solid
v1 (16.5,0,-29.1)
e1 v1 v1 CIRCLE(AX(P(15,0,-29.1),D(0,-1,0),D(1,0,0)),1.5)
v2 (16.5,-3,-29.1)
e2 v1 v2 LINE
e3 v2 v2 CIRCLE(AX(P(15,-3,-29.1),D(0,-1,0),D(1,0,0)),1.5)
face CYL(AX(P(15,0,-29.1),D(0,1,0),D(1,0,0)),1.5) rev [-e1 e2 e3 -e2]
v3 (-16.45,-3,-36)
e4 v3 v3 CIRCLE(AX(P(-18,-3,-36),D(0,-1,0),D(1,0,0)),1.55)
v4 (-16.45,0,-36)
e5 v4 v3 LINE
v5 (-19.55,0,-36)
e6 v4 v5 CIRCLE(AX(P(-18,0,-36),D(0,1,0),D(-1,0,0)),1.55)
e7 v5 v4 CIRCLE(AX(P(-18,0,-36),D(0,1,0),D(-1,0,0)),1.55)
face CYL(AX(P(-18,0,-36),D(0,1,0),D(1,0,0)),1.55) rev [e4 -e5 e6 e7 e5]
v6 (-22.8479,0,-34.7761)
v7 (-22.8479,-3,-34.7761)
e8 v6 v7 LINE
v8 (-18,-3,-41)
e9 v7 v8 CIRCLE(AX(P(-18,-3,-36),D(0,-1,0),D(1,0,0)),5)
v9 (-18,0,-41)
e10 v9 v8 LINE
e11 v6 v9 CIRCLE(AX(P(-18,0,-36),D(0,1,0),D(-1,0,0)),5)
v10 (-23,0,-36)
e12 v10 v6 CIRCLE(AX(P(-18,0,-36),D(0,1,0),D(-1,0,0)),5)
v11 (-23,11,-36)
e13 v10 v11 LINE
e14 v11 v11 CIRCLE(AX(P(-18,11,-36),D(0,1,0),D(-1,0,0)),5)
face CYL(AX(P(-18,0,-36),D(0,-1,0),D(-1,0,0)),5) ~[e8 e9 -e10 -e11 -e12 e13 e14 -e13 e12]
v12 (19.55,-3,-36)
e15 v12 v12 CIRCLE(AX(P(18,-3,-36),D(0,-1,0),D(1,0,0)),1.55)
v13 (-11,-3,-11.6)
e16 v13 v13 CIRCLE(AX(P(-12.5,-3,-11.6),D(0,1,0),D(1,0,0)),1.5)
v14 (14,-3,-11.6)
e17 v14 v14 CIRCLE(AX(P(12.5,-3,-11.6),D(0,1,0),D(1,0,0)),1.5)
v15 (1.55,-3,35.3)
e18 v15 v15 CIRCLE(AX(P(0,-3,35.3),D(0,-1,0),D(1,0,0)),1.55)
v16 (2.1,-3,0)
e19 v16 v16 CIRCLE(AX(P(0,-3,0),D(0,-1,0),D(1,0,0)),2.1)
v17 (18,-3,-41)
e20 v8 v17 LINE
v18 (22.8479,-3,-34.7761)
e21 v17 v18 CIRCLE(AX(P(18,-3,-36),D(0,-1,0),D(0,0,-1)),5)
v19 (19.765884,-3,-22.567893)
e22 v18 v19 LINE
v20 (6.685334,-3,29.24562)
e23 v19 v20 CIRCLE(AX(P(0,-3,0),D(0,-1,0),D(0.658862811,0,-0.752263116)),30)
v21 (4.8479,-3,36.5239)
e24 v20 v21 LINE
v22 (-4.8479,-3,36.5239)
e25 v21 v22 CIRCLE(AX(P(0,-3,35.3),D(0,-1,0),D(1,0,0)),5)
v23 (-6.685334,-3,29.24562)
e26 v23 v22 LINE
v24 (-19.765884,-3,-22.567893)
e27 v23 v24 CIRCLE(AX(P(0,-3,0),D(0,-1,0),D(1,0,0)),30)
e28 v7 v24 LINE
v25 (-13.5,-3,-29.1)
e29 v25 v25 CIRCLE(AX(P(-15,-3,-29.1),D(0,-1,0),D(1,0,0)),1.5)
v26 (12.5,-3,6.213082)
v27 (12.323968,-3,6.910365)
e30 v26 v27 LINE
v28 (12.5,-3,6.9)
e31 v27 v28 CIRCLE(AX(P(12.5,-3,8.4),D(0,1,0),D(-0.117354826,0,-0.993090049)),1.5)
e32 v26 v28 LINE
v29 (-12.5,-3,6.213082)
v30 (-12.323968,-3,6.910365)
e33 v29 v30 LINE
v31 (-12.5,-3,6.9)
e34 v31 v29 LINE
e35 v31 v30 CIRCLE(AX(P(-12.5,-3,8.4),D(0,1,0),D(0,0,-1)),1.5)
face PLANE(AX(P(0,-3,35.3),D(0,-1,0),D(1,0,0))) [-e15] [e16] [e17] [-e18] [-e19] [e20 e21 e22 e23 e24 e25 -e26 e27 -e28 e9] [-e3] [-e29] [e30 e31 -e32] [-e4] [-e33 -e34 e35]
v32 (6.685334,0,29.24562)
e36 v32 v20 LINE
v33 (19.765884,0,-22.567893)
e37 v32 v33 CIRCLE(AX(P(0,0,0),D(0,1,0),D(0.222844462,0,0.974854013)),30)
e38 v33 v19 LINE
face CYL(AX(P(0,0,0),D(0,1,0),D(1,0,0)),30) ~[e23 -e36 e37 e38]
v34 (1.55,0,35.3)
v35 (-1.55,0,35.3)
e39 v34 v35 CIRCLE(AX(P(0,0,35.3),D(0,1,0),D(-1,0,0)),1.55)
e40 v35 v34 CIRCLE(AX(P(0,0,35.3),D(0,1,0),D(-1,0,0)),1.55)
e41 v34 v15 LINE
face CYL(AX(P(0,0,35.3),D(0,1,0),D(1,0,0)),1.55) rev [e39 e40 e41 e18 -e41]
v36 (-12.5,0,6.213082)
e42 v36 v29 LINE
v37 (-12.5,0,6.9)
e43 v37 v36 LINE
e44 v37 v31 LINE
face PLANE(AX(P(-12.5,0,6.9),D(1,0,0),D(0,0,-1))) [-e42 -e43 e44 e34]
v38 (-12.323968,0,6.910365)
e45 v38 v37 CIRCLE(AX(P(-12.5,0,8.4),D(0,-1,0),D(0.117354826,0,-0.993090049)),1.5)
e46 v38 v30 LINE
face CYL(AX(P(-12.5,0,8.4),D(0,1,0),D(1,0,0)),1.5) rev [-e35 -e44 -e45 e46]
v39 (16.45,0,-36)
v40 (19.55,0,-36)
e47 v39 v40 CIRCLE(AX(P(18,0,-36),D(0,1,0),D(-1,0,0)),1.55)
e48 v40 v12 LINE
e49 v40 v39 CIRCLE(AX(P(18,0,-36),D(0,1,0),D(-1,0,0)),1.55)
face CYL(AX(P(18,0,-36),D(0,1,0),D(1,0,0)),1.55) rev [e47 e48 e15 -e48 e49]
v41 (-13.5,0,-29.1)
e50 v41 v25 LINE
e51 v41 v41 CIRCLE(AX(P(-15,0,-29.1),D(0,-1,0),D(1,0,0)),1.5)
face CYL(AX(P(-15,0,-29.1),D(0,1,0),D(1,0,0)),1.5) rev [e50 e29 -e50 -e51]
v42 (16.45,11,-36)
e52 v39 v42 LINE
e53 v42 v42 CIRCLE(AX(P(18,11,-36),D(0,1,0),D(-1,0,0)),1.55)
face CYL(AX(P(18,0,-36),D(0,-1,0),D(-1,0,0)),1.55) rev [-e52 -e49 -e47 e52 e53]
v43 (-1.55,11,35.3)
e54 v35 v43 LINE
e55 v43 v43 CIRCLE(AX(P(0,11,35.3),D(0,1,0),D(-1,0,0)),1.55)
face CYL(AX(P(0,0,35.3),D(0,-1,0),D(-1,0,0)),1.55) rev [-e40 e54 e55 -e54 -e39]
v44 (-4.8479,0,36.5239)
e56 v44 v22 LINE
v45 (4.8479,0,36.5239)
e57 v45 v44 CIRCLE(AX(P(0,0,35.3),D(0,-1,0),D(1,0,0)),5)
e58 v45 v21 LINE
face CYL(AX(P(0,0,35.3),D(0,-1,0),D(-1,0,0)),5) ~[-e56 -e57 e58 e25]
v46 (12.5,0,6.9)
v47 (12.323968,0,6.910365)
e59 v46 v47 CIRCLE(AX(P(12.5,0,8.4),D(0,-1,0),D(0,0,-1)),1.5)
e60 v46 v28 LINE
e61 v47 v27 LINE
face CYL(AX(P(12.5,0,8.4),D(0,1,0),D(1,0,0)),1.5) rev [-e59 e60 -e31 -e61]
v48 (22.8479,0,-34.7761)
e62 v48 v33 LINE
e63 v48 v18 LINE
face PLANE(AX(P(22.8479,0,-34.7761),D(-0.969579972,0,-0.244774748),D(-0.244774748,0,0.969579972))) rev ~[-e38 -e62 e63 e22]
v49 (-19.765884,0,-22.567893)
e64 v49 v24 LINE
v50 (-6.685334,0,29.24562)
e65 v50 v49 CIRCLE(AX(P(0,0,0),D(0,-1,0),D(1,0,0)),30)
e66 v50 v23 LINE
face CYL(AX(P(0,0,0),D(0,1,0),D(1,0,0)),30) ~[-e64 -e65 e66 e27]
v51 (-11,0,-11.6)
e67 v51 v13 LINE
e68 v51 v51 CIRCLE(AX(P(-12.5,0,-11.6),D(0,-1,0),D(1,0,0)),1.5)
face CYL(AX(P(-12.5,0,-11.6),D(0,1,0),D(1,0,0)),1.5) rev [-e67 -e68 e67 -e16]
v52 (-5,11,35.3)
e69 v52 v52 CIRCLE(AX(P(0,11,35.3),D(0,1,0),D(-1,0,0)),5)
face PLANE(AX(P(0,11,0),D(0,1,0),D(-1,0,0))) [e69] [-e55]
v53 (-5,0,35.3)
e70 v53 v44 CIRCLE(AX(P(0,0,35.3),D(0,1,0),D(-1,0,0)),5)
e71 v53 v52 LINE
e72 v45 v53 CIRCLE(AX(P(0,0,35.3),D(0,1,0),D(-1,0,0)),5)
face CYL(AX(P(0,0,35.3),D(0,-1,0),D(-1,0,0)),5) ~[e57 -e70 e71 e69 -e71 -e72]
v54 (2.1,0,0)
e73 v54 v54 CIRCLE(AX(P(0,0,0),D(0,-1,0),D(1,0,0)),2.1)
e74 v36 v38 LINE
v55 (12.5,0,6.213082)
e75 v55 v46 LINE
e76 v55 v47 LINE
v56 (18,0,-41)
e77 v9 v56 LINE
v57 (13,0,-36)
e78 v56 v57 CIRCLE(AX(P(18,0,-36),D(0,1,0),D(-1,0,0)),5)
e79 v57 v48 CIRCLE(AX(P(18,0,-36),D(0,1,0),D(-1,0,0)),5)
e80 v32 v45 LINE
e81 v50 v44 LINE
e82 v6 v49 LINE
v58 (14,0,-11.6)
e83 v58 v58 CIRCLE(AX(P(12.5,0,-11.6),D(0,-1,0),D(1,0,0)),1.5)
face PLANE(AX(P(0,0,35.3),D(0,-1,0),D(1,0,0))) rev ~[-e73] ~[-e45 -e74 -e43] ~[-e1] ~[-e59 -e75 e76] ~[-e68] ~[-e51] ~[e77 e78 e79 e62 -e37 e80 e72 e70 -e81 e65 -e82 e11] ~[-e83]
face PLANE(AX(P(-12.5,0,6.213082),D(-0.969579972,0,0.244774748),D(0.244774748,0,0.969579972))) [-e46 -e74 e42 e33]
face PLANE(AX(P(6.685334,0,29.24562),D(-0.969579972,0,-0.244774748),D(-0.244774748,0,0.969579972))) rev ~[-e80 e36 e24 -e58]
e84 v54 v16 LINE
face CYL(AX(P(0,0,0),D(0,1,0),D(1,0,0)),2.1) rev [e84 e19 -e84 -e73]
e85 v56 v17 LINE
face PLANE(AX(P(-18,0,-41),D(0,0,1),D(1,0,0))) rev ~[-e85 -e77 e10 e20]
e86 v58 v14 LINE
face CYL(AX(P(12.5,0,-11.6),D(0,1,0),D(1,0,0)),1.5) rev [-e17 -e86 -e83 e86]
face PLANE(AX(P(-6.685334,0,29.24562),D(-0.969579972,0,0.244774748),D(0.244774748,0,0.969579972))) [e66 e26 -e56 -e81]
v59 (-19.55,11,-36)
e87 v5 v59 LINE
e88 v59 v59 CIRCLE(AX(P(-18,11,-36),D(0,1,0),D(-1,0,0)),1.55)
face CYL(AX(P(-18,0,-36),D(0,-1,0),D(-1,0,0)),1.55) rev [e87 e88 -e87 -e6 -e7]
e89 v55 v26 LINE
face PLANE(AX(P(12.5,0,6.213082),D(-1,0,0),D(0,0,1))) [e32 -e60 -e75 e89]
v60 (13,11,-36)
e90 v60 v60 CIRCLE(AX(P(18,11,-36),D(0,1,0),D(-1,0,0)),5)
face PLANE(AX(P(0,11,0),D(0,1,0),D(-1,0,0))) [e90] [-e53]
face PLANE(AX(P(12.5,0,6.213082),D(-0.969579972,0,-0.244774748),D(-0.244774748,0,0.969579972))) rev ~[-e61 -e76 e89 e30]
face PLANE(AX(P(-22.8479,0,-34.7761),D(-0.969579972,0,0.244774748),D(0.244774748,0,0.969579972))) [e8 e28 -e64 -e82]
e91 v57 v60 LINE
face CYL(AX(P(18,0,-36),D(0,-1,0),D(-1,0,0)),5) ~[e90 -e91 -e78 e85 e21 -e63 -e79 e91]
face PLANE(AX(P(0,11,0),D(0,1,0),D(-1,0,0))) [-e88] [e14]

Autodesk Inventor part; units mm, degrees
ref_plane "YZ Plane" through (0, 0, 0) normal (1, 0, 0) x (0, 1, 0)
ref_plane "XZ Plane" through (0, 0, 0) normal (0, 1, 0) x (-1, 0, 0)
ref_plane "XY Plane" through (0, 0, 0) normal (0, 0, 1) x (1, 0, 0)
sketch "Sketch1" plane through (0, 0, 0) normal (0, 1, 0) x (-1, 0, 0)
  circle A0 centre (0, 35.3) radius 1.55
  circle A1 centre (18, -36) radius 1.55
  circle A2 centre (-18, -36) radius 1.55
  circle A3 centre (0, 35.3) radius 5
  circle A4 centre (18, -36) radius 5
  circle A5 centre (-18, -36) radius 5
  point P0 (0, 0)
  dimension "d0" = 35.3
  dimension "d1" = 36
  dimension "d2" = 3.1
  dimension "d3" = 10
  dimension "d4" = 36
  dimension "d5" = 18
extrude "Extrusion1" add sketch "Sketch1" along normal blind 11
sketch "Sketch2" plane through (0, 0, 35.3) normal (0, -1, 0) x (1, 0, 0)
  circle A0 centre (0, 0) radius 5 projected
  circle A1 centre (0, 0) radius 1.55 projected
  circle A2 centre (-18, -71.3) radius 1.55 projected
  circle A3 centre (-18, -71.3) radius 5 projected
  circle A4 centre (18, -71.3) radius 1.55 projected
  circle A5 centre (18, -71.3) radius 5 projected
  line L0 (-22.8479, -70.0761) -> (-4.8479, 1.2239)
  line L1 (22.8479, -70.0761) -> (4.8479, 1.2239)
  line L2 (-18, -76.3) -> (18, -76.3)
  circle A6 centre (0, -35.3) radius 2.1
  circle A7 centre (0, -35.3) radius 30
  circle A8 centre (0, -23.3) radius 1.5
  circle A9 centre (-7.5, -23.3) radius 1.5
  circle A10 centre (-15, -23.3) radius 1.5
  circle A11 centre (7.5, -23.3) radius 1.5
  circle A12 centre (15, -23.3) radius 1.5
  circle A13 centre (-15, -64.4) radius 1.5
  circle A14 centre (15, -64.4) radius 1.5
  line L3 (-12.5, -46.9) -> (12.5, -46.9)
  line L4 (12.5, -46.9) -> (12.5, -26.9)
  line L5 (12.5, -26.9) -> (-12.5, -26.9)
  line L6 (-12.5, -26.9) -> (-12.5, -46.9)
  line L7 (-12.5, -46.9) -> (12.5, -26.9) construction
  line L8 (12.5, -46.9) -> (-12.5, -26.9) construction
  circle A15 centre (-12.5, -26.9) radius 1.5
  circle A16 centre (12.5, -46.9) radius 1.5
  circle A17 centre (12.5, -26.9) radius 1.5
  circle A18 centre (-12.5, -46.9) radius 1.5
  point P0 (6.6853, -6.0544)
  point P1 (19.7659, -57.8679)
  point P2 (-6.6853, -6.0544)
  point P3 (-19.7659, -57.8679)
  point P4 (0, -36.9)
  point P5 (12.5, -29.0869)
  point P6 (12.324, -28.3896)
  point P7 (12.5, -28.4)
  point P8 (-12.5, -29.0869)
  point P9 (-12.5, -28.4)
  point P10 (-12.324, -28.3896)
  dimension "d8" = 4.2
  dimension "d78" = 60
  dimension "d79" = 12
  dimension "d80" = 7.5
  dimension "d81" = 7.5
  dimension "d82" = 3
  dimension "d83" = 7.5
  dimension "d84" = 7.5
  dimension "d85" = 41.1
  dimension "d86" = 27.5
  dimension "d87" = 25
  dimension "d88" = 20
  dimension "d89" = 3
extrude "Extrusion2" add sketch "Sketch2" along normal blind 3 contours A0 | A0 L1 A7 L0 | A7 L1 L4 A17 | L1 A17 L5 A15 L0 A7 | L0 A15 L6 A7 | A7 L1 A5 L2 A3 L0 | L0 L6 A18 L3 A16 L4 L1 A7 | A17 L1 L4 A16 L3 A18 L6 L0 A15 L5 | A3 | A5 | A8 | A9 | A10 | A11 | A12
equation "\"d5\" = 0.5 * d4"
properties part number "BASE_LIDAR_V3" material "ABS Plastic"
